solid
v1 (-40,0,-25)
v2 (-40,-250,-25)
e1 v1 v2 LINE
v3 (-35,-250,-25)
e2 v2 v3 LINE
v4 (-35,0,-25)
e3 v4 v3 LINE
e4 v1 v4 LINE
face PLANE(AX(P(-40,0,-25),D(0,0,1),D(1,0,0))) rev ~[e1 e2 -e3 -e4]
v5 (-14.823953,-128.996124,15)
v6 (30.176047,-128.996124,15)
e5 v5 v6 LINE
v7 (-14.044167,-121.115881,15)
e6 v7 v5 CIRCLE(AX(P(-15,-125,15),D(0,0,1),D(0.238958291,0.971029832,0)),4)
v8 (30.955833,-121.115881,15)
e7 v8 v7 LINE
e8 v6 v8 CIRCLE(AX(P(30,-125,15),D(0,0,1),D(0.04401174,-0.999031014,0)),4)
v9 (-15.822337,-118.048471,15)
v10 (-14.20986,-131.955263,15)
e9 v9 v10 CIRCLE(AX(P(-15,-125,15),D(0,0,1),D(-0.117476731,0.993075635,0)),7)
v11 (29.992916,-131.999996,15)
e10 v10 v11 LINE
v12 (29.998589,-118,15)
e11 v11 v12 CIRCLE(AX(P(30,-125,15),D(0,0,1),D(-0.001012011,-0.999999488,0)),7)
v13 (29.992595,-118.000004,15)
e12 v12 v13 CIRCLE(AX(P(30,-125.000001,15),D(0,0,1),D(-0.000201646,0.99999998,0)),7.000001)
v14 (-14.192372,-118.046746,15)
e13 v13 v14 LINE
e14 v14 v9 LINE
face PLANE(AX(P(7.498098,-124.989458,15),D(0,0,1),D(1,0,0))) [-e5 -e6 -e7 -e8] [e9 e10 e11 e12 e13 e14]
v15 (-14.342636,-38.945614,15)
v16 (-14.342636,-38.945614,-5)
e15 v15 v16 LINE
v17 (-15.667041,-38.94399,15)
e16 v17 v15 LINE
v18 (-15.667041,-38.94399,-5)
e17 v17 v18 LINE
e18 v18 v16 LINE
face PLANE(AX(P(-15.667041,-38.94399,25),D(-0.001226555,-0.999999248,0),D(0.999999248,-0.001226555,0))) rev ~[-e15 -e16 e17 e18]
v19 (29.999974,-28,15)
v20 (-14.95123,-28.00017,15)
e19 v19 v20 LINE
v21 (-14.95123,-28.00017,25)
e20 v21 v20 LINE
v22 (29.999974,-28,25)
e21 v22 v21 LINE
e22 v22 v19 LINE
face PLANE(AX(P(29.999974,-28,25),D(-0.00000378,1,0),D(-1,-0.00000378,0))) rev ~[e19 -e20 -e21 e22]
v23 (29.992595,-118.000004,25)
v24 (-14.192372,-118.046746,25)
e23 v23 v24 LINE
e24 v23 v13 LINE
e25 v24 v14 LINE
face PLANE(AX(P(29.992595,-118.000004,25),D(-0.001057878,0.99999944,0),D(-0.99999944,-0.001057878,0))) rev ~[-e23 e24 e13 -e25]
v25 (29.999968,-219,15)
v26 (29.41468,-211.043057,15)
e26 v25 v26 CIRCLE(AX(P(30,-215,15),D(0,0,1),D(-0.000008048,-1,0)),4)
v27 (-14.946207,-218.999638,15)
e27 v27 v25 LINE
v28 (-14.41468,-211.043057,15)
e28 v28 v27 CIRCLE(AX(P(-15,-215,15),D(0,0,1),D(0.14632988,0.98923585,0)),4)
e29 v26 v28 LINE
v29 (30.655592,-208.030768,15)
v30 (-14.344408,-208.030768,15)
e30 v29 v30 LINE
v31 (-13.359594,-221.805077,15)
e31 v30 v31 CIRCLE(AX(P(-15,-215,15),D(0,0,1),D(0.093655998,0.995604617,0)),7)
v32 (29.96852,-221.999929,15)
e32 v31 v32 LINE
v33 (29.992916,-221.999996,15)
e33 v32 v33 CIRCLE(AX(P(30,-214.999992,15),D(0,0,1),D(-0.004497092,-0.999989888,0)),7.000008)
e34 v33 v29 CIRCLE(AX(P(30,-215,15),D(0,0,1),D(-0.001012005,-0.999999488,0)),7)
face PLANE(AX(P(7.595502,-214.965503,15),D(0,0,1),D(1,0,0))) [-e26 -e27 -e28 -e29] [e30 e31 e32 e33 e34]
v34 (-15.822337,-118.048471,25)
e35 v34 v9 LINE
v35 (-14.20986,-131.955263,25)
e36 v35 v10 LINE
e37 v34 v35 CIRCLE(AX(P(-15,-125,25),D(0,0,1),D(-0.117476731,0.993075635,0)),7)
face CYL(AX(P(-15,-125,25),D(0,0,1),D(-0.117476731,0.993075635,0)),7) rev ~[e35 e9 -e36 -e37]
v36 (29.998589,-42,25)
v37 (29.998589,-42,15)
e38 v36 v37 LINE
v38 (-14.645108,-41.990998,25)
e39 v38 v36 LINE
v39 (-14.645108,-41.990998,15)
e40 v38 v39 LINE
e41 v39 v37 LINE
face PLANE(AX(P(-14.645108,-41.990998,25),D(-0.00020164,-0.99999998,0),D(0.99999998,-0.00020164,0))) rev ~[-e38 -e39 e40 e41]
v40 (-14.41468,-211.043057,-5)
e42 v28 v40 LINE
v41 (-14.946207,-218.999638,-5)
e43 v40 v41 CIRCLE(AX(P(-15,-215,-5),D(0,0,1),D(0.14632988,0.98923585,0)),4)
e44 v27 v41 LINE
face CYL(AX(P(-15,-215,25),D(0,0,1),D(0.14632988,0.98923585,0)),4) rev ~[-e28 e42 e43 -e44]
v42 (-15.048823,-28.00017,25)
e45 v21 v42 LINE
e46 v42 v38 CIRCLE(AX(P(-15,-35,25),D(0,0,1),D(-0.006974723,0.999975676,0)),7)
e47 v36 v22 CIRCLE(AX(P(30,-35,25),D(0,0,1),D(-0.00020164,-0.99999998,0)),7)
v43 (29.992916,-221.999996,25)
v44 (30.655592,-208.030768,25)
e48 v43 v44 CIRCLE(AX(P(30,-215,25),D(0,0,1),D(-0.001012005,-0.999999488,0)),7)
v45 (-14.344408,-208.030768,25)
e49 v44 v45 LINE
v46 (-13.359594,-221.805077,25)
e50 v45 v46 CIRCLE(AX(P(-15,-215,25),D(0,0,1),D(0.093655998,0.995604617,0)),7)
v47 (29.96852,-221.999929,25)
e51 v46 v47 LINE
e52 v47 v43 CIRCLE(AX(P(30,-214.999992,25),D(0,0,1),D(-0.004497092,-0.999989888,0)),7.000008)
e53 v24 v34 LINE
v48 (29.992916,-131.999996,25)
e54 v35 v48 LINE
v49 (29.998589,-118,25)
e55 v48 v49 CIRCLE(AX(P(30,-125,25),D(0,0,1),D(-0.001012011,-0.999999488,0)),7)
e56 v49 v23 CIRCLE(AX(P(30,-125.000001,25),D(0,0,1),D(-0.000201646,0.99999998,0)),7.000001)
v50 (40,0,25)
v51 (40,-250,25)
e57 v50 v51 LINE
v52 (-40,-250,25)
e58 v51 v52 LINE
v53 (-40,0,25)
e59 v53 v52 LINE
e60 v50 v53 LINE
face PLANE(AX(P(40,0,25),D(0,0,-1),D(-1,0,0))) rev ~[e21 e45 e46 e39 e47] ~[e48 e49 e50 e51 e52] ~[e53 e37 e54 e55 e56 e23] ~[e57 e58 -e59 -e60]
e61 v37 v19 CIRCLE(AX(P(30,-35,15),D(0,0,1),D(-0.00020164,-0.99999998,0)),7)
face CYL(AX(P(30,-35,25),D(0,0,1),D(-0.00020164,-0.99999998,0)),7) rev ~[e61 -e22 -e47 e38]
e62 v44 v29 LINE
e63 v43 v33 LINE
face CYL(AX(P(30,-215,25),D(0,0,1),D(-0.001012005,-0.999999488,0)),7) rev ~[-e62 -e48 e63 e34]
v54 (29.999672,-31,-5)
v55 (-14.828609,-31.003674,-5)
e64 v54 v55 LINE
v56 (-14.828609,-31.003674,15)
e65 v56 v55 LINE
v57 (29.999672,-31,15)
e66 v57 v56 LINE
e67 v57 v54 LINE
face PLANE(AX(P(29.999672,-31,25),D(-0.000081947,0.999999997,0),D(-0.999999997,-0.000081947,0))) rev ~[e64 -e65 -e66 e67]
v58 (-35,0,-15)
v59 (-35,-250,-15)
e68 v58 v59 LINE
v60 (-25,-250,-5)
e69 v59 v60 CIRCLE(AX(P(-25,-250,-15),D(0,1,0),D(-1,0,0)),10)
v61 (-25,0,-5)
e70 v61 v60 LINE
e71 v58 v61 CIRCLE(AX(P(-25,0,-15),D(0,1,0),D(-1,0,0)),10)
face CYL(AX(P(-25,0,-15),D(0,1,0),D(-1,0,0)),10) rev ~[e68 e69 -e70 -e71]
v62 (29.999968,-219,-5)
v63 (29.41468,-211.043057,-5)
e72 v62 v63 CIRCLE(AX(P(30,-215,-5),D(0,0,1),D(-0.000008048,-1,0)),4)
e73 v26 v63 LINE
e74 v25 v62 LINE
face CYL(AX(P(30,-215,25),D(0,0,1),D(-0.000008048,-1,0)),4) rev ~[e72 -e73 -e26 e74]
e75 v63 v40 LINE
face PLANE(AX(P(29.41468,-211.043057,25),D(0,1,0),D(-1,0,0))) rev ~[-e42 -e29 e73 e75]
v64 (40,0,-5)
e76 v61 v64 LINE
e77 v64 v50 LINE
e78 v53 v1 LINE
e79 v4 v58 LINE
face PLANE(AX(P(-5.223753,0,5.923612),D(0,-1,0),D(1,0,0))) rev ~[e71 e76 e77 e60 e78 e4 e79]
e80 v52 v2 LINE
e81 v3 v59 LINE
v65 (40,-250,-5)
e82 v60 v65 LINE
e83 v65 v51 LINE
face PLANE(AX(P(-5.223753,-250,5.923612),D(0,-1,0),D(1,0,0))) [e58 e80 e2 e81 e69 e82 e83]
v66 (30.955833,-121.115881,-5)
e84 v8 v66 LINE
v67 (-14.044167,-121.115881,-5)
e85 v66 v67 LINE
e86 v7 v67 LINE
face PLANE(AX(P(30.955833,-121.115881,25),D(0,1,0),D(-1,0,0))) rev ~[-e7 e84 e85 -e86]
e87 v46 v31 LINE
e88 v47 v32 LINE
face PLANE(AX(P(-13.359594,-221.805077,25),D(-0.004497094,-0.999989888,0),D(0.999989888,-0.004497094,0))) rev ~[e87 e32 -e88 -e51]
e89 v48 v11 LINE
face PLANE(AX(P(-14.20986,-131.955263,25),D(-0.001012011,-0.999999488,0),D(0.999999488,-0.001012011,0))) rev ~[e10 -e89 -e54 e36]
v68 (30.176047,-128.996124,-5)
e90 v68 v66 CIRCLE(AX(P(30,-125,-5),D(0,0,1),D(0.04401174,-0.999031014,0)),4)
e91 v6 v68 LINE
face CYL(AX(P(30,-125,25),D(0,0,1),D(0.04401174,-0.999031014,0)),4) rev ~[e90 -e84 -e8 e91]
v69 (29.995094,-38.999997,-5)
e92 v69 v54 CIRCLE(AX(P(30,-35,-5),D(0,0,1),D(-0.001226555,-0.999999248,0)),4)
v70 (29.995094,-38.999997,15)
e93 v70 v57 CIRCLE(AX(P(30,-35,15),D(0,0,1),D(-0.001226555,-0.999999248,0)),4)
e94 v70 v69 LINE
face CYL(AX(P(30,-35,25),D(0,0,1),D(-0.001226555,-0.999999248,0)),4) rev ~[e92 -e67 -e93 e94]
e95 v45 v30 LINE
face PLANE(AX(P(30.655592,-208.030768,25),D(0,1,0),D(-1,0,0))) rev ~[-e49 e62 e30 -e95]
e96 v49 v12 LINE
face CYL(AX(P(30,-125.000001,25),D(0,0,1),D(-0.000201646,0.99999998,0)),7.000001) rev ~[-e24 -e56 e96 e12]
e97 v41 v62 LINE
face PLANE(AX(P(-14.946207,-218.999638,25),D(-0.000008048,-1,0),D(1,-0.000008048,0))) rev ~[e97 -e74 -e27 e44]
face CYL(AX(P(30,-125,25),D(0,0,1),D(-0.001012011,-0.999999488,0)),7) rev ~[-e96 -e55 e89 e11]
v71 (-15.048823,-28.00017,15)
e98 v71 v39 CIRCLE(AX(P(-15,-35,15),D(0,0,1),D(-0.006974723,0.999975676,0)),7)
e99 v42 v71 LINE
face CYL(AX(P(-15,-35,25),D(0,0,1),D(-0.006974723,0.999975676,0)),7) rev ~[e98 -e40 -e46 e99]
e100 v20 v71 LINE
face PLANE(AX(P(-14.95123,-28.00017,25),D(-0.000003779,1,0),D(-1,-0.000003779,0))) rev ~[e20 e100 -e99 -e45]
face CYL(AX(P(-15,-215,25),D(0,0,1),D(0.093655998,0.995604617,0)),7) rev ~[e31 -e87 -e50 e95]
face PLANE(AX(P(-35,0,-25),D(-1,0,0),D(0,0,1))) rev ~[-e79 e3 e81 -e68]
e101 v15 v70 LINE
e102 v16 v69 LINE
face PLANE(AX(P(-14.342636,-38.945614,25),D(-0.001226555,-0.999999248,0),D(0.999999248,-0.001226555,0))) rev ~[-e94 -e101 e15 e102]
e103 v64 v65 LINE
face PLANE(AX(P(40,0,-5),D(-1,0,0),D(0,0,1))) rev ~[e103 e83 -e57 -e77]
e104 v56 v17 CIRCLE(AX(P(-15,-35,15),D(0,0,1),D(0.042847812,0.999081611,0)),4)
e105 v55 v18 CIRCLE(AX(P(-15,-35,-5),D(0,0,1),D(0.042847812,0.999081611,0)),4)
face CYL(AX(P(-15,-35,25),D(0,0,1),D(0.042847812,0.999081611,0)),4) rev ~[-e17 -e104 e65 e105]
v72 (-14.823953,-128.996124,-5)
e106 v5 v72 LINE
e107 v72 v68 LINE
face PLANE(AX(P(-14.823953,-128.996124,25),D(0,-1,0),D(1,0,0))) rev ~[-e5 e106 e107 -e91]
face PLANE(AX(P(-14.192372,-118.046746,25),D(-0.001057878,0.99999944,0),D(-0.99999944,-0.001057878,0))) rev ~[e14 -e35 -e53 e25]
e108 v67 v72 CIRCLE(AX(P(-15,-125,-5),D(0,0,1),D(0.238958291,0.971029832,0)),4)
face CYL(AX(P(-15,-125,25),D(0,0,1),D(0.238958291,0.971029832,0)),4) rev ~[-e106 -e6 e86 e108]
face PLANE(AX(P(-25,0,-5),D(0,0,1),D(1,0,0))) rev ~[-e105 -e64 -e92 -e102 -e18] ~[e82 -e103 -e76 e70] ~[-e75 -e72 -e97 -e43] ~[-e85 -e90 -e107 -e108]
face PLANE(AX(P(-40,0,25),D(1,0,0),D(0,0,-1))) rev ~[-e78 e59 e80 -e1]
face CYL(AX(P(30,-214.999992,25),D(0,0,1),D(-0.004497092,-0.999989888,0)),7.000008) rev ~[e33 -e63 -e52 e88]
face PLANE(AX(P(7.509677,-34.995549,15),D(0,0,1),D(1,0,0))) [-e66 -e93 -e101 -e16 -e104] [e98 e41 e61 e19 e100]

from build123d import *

# Parameters (mm, degrees)
F1_DEPTH = 250
F4_DEPTH = 10
F6_DEPTH = 108


with BuildPart() as f1:
    # F0 (on Front) → F1 (new body)
    with BuildSketch(Plane.XZ):
        with BuildLine():
            Line((-40, 25), (-40, -25))
            Line((-40, -25), (-35, -25))
            Line((-35, -25), (-35, -15))
            ThreePointArc((-35, -15), (-32.0710678119, -7.9289321881), (-25, -5))
            Line((-25, -5), (40, -5))
            Line((40, -5), (40, 25))
            Line((40, 25), (-40, 25))
        make_face()
    extrude(amount=F1_DEPTH)

    # F3 (on offset) → F4 (cut)
    with BuildSketch(Plane.XY.offset(25)):
        with BuildLine():
            Line((-14.2098601364, -131.9552626835), (29.9929159209, -131.9999964154))
            ThreePointArc((29.9929159209, -131.9999964154), (36.9999994254, -125.0028362987), (29.9985885173, -118.0000001423))
            ThreePointArc((29.9985885173, -118.0000001423), (29.9955916852, -118.0000013881), (29.992594854, -118.0000039169))
            Line((29.992594854, -118.0000039169), (-14.1923724524, -118.0467462477))
            Line((-14.1923724524, -118.0467462477), (-15.82233712, -118.0484705524))
            ThreePointArc((-15.82233712, -118.0484705524), (-21.9534147014, -125.8062406526), (-14.2098601364, -131.9552626835))
        make_face()
        with BuildLine():
            Line((-13.3595939823, -221.8050766415), (29.9685203418, -221.9999292162))
            ThreePointArc((29.9685203418, -221.9999292162), (29.9807181236, -221.9999734435), (29.9929159639, -221.9999964155))
            ThreePointArc((29.9929159639, -221.9999964155), (36.9921369062, -215.3316948665), (30.6555919845, -208.0307676786))
            Line((30.6555919845, -208.0307676786), (29.3444080155, -208.0307676786))
            Line((29.3444080155, -208.0307676786), (-14.3444080155, -208.0307676786))
            ThreePointArc((-14.3444080155, -208.0307676786), (-21.9821772076, -215.4992008031), (-13.3595939823, -221.8050766415))
        make_face()
        with BuildLine():
            Line((-14.6451076001, -41.9909978819), (29.9985885167, -41.9999998577))
            ThreePointArc((29.9985885167, -41.9999998577), (36.9999999657, -35.0006925131), (29.9999735429, -28))
            Line((29.9999735429, -28), (-14.9512298512, -28.0001698969))
            Line((-14.9512298512, -28.0001698969), (-15.0488230617, -28.0001702657))
            ThreePointArc((-15.0488230617, -28.0001702657), (-21.9970875338, -35.2019060274), (-14.6451076001, -41.9909978819))
        make_face()
    extrude(amount=-F4_DEPTH, mode=Mode.SUBTRACT)

    # F5 (on offset) → F6 (cut)
    with BuildSketch(Plane.XY.offset(25)):
        with BuildLine():
            Line((-14.9462072807, -218.9996382766), (29.9999678083, -218.9999999999))
            ThreePointArc((29.9999678083, -218.9999999999), (33.989222508, -214.7065655416), (29.4146804818, -211.0430566012))
            Line((29.4146804818, -211.0430566012), (-14.4146804818, -211.0430566012))
            ThreePointArc((-14.4146804818, -211.0430566012), (-18.9911043713, -214.7333806128), (-14.9462072807, -218.9996382766))
        make_face()
        with BuildLine():
            Line((-14.8239530385, -128.9961240555), (29.8239530385, -128.9961240555))
            Line((29.8239530385, -128.9961240555), (30.1760469615, -128.9961240555))
            ThreePointArc((30.1760469615, -128.9961240555), (33.9805586423, -125.3938945231), (30.9558331647, -121.1158806711))
            Line((30.9558331647, -121.1158806711), (29.0441668353, -121.1158806711))
            Line((29.0441668353, -121.1158806711), (-14.0441668353, -121.1158806711))
            ThreePointArc((-14.0441668353, -121.1158806711), (-18.9805586423, -124.6061054769), (-14.8239530385, -128.9961240555))
        make_face()
        with BuildLine():
            Line((-14.342635605, -38.9456142807), (29.9950937795, -38.9999969911))
            ThreePointArc((29.9950937795, -38.9999969911), (33.9999993449, -35.0022892167), (29.999672212, -31.0000000134))
            Line((29.999672212, -31.0000000134), (-14.8286087531, -31.0036735568))
            ThreePointArc((-14.8286087531, -31.0036735568), (-18.9778854783, -34.5799677135), (-15.6670414367, -38.9439898227))
            Line((-15.6670414367, -38.9439898227), (-14.342635605, -38.9456142807))
        make_face()
    extrude(amount=-F6_DEPTH, mode=Mode.SUBTRACT)


solid = f1.part
